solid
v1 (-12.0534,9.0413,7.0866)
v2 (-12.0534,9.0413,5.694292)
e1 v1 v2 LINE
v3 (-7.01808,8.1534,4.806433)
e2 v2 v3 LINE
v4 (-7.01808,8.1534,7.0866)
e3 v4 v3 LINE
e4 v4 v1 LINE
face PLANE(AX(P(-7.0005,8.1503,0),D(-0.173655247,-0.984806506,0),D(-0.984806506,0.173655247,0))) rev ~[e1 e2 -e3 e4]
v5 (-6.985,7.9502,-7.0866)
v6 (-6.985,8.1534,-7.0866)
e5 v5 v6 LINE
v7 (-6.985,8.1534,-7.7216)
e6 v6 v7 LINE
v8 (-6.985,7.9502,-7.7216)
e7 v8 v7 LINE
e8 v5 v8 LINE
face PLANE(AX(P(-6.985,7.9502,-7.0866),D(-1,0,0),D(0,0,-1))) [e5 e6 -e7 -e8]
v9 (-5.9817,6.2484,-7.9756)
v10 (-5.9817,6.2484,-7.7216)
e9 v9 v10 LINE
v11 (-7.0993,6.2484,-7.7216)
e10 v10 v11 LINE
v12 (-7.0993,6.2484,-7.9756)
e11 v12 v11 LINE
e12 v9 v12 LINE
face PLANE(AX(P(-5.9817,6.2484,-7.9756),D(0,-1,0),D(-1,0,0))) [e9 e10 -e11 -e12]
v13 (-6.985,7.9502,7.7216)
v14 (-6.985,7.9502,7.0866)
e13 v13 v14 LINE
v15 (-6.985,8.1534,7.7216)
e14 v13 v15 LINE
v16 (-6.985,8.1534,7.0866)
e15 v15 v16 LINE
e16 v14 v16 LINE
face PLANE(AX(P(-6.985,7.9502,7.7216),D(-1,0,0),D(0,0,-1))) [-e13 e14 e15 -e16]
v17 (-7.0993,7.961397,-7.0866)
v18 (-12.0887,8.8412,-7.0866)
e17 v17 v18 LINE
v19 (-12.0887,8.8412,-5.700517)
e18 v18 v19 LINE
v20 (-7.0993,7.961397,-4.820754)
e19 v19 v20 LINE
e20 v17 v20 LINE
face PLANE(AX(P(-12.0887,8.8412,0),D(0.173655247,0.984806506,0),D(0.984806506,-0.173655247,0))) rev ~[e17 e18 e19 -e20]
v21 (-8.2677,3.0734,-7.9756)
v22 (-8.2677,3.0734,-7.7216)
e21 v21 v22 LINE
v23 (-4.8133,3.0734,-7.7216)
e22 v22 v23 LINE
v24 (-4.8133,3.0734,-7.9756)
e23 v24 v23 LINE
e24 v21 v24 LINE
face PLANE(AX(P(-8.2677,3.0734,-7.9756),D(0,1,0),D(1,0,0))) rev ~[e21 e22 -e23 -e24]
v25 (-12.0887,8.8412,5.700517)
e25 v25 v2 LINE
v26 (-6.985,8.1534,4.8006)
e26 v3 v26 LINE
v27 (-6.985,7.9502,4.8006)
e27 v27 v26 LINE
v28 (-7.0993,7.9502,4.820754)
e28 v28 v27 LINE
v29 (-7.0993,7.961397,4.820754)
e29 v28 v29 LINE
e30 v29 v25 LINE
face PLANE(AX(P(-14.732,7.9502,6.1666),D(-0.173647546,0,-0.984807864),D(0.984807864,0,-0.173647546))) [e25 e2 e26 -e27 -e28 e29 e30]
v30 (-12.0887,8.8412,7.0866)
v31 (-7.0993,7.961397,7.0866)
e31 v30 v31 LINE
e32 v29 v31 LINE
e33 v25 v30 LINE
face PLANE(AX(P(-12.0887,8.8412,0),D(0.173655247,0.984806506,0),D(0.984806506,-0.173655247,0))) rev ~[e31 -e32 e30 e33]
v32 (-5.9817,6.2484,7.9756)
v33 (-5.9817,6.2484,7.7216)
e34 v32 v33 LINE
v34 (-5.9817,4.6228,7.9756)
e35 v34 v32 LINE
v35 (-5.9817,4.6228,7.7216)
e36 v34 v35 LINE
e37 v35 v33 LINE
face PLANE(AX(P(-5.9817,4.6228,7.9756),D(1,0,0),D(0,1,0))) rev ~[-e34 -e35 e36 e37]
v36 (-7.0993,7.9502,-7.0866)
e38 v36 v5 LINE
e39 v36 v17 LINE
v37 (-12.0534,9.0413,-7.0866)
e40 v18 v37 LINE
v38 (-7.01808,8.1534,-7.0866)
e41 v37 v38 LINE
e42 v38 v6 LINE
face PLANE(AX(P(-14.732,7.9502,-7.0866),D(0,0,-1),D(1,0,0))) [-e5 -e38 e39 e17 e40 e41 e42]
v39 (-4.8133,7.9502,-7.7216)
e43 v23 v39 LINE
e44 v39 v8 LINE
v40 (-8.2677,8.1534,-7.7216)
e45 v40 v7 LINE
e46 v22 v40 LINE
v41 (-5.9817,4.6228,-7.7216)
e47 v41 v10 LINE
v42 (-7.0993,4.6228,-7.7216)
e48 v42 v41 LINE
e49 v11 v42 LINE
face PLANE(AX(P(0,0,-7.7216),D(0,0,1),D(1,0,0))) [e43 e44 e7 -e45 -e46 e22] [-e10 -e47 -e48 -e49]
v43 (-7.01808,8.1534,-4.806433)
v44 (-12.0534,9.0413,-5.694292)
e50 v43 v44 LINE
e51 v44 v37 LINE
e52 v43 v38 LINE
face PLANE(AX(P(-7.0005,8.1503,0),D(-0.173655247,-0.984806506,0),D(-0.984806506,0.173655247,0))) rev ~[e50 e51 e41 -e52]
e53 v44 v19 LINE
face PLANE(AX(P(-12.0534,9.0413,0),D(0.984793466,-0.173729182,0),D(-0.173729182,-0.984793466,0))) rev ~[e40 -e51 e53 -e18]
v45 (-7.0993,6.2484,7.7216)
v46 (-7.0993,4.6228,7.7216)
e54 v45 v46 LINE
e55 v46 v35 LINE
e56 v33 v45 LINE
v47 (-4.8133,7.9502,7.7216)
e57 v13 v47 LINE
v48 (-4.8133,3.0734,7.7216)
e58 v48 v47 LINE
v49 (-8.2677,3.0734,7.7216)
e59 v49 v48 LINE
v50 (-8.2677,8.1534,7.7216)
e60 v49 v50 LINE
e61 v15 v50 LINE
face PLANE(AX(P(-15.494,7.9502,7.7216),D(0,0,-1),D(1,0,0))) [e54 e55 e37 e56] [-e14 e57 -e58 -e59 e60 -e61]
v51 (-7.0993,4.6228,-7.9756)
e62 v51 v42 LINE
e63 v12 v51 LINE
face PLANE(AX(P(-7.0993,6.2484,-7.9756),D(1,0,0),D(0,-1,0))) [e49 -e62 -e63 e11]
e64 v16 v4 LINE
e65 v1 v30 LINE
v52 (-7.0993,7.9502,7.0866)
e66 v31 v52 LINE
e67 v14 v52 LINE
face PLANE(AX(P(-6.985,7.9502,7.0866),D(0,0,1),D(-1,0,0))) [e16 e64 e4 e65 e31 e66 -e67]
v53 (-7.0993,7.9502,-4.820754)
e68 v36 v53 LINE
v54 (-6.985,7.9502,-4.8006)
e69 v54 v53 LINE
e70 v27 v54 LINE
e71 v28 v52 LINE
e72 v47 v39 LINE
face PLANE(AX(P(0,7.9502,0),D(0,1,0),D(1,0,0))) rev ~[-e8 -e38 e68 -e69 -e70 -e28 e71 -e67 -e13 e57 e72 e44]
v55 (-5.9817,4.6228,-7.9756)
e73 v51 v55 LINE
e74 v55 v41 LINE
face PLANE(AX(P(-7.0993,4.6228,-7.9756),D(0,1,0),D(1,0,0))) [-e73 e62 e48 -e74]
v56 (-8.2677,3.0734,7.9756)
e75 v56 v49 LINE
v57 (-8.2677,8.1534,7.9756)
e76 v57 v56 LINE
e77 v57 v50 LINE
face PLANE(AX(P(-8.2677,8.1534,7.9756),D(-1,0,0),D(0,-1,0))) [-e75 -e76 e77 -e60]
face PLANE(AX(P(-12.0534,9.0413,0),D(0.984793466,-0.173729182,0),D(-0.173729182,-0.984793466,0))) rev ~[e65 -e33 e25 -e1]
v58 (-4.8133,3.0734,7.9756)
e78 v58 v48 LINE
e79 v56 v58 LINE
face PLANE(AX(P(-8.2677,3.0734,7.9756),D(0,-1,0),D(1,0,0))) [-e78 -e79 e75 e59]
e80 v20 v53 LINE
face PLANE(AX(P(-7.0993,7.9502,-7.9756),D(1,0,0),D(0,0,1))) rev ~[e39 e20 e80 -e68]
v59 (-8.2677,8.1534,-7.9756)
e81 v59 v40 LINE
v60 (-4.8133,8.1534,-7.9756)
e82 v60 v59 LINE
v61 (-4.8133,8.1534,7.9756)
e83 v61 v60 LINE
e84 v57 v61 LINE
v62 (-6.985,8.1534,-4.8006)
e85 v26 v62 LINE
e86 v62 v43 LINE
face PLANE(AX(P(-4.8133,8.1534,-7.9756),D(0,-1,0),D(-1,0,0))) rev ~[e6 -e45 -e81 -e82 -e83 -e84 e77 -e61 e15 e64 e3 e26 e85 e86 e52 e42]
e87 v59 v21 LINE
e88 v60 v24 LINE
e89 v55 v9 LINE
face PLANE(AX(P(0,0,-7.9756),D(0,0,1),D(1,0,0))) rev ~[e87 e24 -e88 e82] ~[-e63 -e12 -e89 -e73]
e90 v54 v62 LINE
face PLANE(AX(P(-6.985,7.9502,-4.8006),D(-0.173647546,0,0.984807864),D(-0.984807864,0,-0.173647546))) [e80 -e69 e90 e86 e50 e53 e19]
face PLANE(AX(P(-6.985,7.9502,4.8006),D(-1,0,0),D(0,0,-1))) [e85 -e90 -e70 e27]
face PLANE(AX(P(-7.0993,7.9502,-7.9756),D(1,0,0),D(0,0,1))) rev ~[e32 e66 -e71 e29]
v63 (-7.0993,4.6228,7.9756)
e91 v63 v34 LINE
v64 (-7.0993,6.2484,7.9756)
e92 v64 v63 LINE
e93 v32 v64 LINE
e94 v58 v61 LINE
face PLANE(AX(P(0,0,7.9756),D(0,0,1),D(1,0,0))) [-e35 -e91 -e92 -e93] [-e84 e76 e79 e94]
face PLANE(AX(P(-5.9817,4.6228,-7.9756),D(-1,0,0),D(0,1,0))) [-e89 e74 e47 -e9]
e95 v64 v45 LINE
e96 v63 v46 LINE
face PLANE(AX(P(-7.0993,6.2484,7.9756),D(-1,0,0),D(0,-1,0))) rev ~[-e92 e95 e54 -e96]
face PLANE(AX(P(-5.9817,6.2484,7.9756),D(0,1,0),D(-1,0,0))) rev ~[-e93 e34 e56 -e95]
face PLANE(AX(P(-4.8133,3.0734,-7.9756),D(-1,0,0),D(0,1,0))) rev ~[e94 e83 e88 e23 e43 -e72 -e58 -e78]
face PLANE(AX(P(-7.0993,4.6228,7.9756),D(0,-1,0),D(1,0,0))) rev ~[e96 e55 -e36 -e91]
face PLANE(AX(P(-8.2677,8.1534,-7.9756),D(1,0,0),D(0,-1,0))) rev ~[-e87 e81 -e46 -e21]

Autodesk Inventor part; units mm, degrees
sketch "Sketch_1" plane through (0, 0, 7.9756) normal (0, 0, 1) x (1, 0, 0)
  line L0 (-8.2677, 3.0734) -> (-4.8133, 3.0734)
  line L1 (-4.8133, 3.0734) -> (-4.8133, 8.1534)
  line L2 (-4.8133, 8.1534) -> (-8.2677, 8.1534)
  line L3 (-8.2677, 8.1534) -> (-8.2677, 3.0734)
  line L4 (-7.0993, 6.2484) -> (-7.0993, 4.6228)
  line L5 (-7.0993, 4.6228) -> (-5.9817, 4.6228)
  line L6 (-5.9817, 4.6228) -> (-5.9817, 6.2484)
  line L7 (-5.9817, 6.2484) -> (-7.0993, 6.2484)
extrude "Extrusion1" add sketch "Sketch_1" against normal blind 0.254
sketch "Sketch_2" plane through (0, 7.9502, 0) normal (0, 1, 0) x (1, 0, 0)
  line L0 (-7.0993, 7.9756) -> (-7.0993, -7.9756)
  line L1 (-7.0993, -7.9756) -> (-4.8133, -7.9756)
  line L2 (-4.8133, -7.9756) -> (-4.8133, 7.9756)
  line L3 (-4.8133, 7.9756) -> (-7.0993, 7.9756)
extrude "Extrusion2" add sketch "Sketch_2" along normal blind 0.2032
sketch "Sketch_3" plane through (0, 0, -7.9756) normal (0, 0, 1) x (1, 0, 0)
  line L0 (-8.2677, 3.0734) -> (-4.8133, 3.0734)
  line L1 (-4.8133, 3.0734) -> (-4.8133, 8.1534)
  line L2 (-4.8133, 8.1534) -> (-8.2677, 8.1534)
  line L3 (-8.2677, 8.1534) -> (-8.2677, 3.0734)
  line L4 (-7.0993, 6.2484) -> (-7.0993, 4.6228)
  line L5 (-7.0993, 4.6228) -> (-5.9817, 4.6228)
  line L6 (-5.9817, 4.6228) -> (-5.9817, 6.2484)
  line L7 (-5.9817, 6.2484) -> (-7.0993, 6.2484)
extrude "Extrusion3" add sketch "Sketch_3" along normal blind 0.254
sketch "Sketch_5" plane through (0, 0, 0) normal (0, 0, 1) x (1, 0, 0)
  line L0 (-12.0887, 8.8412) -> (-7.0358, 7.9502)
  line L1 (-7.0358, 7.9502) -> (-7.0005, 8.1503)
  line L2 (-7.0005, 8.1503) -> (-12.0534, 9.0413)
  line L3 (-12.0534, 9.0413) -> (-12.0887, 8.8412)
extrude "Extrusion4" add sketch "Sketch_5" along normal mid plane 15.4432
sketch "Sketch_6" plane through (0, 7.9502, 0) normal (0, 1, 0) x (1, 0, 0)
  line L0 (-15.494, -7.7216) -> (-6.985, -7.7216)
  line L1 (-6.985, -7.7216) -> (-6.985, -7.0866)
  line L2 (-6.985, -7.0866) -> (-14.732, -7.0866)
  line L3 (-14.732, -7.0866) -> (-14.732, -6.1666)
  line L4 (-14.732, -6.1666) -> (-6.985, -4.8006)
  line L5 (-6.985, -4.8006) -> (-6.985, 4.8006)
  line L6 (-6.985, 4.8006) -> (-14.732, 6.1666)
  line L7 (-14.732, 6.1666) -> (-14.732, 7.0866)
  line L8 (-14.732, 7.0866) -> (-6.985, 7.0866)
  line L9 (-6.985, 7.0866) -> (-6.985, 7.7216)
  line L10 (-6.985, 7.7216) -> (-15.494, 7.7216)
  line L11 (-15.494, 7.7216) -> (-15.494, -7.7216)
extrude "Extrusion5" cut sketch "Sketch_6" along normal blind 2.54
ref_plane "metal_to_body_XY" through (-0.508, 0, 0) normal (1, 0, 0) x (0, 0, -1)
ref_plane "metal_to_body_YZ" through (-0.508, 0, 0) normal (0, 0, -1) x (0, 1, 0)
ref_plane "metal_to_body_ZX" through (-0.508, 0, 0) normal (0, 1, 0) x (1, 0, 0)
properties part number "UB216KKW015C-NR"
